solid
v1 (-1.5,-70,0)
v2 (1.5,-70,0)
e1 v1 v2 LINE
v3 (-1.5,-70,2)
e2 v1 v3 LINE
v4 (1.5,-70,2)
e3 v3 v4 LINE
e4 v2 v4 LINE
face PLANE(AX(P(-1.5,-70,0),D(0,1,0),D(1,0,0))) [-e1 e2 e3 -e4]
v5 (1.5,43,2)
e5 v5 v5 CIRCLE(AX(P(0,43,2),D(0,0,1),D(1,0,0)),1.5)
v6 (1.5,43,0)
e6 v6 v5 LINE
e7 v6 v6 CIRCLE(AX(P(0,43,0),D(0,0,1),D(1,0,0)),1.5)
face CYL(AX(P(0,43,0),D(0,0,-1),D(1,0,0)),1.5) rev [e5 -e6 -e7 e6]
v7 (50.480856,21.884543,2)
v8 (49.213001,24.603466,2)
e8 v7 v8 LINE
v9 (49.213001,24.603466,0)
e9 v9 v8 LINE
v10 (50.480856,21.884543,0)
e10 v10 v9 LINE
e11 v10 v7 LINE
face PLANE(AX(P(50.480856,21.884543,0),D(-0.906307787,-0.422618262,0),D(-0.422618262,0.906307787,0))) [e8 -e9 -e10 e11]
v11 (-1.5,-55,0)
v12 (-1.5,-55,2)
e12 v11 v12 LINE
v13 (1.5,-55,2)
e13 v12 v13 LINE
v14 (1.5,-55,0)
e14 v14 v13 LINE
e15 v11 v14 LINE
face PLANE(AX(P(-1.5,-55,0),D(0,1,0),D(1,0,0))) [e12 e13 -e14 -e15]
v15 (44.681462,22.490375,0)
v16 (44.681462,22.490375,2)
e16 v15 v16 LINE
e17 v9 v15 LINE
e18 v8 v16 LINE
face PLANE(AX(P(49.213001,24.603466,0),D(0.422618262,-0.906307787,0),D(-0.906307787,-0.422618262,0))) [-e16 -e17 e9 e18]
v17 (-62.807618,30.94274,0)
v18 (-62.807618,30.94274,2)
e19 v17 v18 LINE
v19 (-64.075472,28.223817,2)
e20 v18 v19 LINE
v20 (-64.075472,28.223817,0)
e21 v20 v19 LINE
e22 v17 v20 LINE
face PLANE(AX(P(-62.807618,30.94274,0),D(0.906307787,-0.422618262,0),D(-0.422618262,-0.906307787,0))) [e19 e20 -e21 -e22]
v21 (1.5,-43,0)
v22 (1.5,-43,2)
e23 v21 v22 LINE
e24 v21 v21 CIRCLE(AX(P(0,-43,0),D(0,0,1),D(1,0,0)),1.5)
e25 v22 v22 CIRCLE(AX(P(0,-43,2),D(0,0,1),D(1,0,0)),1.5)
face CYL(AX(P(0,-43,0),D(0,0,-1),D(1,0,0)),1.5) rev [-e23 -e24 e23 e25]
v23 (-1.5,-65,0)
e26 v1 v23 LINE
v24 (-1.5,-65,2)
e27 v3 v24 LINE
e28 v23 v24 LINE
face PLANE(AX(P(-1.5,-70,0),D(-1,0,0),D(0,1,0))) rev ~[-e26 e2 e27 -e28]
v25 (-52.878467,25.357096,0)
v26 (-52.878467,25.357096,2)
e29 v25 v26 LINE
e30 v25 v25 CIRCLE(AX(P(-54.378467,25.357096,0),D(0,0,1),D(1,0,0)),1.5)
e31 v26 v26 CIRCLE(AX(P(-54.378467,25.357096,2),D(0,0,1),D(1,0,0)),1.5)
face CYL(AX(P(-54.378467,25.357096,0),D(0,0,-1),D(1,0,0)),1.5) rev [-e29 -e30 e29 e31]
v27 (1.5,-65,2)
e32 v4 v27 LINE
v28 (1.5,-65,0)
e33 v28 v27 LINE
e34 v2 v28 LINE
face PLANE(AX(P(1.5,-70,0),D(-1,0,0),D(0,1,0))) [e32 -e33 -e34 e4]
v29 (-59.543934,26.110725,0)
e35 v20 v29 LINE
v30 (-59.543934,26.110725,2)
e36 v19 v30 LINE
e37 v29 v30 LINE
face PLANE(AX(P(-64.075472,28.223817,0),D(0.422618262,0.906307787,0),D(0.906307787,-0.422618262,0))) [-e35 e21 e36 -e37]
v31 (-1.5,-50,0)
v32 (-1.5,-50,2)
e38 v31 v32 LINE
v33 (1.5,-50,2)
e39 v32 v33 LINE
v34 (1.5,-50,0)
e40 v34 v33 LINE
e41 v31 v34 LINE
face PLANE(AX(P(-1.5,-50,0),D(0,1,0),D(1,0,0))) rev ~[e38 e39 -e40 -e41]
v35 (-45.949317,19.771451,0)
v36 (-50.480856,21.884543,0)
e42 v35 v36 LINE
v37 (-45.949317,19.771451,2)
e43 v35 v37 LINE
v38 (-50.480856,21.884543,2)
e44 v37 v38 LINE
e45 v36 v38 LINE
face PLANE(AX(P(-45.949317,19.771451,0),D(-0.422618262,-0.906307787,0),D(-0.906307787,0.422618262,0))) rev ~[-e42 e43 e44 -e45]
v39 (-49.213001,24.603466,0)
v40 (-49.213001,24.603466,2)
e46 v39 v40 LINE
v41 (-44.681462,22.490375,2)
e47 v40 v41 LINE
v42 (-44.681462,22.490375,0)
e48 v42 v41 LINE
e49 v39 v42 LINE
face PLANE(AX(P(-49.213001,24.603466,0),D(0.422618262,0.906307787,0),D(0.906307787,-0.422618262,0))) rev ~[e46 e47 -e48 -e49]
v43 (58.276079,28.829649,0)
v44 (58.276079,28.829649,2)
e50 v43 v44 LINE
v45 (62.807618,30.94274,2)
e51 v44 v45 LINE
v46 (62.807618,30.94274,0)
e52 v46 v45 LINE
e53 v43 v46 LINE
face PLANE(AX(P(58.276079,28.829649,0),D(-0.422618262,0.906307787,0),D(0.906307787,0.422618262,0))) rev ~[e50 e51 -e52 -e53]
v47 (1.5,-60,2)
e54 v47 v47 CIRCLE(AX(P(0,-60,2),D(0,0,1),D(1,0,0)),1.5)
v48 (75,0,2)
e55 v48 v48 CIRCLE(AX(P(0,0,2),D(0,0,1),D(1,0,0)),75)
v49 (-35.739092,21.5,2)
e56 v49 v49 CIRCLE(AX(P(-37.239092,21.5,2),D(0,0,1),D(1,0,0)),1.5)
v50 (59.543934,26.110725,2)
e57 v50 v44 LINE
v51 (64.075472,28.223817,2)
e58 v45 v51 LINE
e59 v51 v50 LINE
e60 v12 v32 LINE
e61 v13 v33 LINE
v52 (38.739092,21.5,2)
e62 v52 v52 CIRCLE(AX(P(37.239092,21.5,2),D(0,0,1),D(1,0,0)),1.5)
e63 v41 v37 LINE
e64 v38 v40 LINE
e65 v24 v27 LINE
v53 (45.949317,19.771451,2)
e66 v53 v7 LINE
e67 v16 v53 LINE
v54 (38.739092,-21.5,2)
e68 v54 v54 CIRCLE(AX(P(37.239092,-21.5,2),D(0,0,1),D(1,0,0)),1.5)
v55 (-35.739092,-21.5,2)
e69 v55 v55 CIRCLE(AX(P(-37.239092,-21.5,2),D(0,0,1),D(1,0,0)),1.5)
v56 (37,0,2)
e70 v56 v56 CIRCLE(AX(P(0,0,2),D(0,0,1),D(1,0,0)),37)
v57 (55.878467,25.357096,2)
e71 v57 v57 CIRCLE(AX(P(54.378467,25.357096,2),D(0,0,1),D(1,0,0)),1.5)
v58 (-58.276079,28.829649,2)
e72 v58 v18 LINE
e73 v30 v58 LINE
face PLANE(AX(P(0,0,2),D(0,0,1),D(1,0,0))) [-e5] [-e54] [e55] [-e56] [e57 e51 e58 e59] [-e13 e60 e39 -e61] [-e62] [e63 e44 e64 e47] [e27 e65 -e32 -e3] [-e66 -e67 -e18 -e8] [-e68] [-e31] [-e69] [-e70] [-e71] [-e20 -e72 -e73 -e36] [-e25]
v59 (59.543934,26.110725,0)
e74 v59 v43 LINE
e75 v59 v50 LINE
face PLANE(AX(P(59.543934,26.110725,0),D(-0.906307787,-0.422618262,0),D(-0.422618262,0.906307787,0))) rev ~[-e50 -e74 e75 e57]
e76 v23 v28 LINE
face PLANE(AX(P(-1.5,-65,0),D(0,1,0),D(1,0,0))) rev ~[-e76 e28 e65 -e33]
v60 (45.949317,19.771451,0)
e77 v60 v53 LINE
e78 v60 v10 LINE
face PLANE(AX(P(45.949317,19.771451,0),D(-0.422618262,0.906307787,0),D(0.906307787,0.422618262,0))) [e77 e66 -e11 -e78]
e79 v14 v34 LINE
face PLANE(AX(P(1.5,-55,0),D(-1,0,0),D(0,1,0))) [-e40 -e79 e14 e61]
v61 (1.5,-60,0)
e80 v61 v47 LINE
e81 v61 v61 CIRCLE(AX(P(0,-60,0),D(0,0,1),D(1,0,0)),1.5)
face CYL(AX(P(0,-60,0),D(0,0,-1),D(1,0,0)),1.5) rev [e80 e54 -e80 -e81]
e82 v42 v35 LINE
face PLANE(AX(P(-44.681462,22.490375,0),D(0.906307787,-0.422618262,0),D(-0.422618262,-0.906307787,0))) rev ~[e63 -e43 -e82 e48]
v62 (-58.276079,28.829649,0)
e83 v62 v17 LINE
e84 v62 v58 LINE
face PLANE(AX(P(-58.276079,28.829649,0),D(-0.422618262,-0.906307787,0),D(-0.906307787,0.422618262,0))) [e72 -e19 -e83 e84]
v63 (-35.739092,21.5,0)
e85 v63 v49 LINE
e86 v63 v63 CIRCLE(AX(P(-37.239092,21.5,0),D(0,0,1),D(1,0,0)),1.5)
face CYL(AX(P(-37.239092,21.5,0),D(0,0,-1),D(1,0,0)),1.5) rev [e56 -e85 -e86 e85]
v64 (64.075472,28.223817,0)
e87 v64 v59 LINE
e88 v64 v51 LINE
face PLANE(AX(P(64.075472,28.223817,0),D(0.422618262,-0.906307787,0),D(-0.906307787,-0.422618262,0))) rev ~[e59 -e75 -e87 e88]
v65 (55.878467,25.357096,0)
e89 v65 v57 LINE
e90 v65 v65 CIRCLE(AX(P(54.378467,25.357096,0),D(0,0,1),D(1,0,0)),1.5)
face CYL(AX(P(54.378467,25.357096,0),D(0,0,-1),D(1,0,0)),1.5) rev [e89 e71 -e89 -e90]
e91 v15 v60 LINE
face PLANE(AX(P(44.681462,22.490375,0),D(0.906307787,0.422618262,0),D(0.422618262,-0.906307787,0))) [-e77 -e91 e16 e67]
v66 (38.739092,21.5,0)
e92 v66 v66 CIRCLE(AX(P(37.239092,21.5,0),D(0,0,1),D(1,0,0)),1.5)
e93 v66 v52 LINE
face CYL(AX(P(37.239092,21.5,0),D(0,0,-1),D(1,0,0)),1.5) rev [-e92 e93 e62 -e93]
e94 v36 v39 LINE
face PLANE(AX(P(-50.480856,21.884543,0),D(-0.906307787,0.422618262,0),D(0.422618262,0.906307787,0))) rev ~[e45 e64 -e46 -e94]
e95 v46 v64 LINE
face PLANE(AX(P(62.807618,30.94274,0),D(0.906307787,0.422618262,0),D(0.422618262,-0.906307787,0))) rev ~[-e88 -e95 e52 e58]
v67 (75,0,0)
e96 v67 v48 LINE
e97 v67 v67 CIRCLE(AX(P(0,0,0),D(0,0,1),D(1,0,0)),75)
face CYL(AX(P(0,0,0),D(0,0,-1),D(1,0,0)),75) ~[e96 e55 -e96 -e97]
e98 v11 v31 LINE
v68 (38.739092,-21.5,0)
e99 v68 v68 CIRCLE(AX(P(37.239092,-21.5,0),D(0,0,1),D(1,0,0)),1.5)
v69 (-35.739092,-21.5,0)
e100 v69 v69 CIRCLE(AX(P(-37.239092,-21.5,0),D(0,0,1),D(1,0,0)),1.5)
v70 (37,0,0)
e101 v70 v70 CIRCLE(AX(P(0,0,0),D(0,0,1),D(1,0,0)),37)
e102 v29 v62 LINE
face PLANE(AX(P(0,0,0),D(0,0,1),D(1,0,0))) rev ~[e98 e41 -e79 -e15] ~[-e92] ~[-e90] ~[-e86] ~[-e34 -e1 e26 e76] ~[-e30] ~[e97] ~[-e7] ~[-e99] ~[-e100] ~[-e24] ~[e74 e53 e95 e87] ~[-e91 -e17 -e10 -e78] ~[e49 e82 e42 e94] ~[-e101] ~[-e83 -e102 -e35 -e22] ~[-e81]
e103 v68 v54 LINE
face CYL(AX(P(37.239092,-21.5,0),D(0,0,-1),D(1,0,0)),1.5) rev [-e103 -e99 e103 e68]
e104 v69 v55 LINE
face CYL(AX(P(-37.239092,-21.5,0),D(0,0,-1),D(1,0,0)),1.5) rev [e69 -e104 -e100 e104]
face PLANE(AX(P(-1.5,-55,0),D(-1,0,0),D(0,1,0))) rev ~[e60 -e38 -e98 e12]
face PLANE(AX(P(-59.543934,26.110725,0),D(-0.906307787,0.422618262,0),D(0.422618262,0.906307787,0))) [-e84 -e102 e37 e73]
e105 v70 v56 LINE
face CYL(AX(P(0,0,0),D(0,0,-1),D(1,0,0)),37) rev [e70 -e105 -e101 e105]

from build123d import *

# Parameters (mm, degrees)
SKETCH1_R           = 75
SKETCH1_R_2         = 37
SKETCH1_R_3         = 1.5
SKETCH1_W           = 3
SKETCH1_H           = 5
BOSS_EXTRUDE1_DEPTH = 2


with BuildPart() as part:
    # Sketch1 → Boss-Extrude1 (new body)
    with BuildSketch(Plane.XY):
        Circle(SKETCH1_R)
        Circle(SKETCH1_R_2, mode=Mode.SUBTRACT)
        with Locations((0, -43)):
            Circle(SKETCH1_R_3, mode=Mode.SUBTRACT)
        with Locations((-37.239092363, -21.5)):
            Circle(SKETCH1_R_3, mode=Mode.SUBTRACT)
        with Locations((-37.239092363, 21.5)):
            Circle(SKETCH1_R_3, mode=Mode.SUBTRACT)
        with Locations((0, 43)):
            Circle(SKETCH1_R_3, mode=Mode.SUBTRACT)
        with Locations((37.239092363, 21.5)):
            Circle(SKETCH1_R_3, mode=Mode.SUBTRACT)
        with Locations((37.239092363, -21.5)):
            Circle(SKETCH1_R_3, mode=Mode.SUBTRACT)
        with Locations((0, -60)):
            Circle(SKETCH1_R_3, mode=Mode.SUBTRACT)
        with Locations((54.378467222, 25.357095704)):
            Circle(SKETCH1_R_3, mode=Mode.SUBTRACT)
        with Locations((-54.378467222, 25.357095704)):
            Circle(SKETCH1_R_3, mode=Mode.SUBTRACT)
        with Locations((0, -52.5)):
            Rectangle(SKETCH1_W, SKETCH1_H, mode=Mode.SUBTRACT)
        with Locations((0, -67.5)):
            Rectangle(SKETCH1_W, SKETCH1_H, mode=Mode.SUBTRACT)
        Polygon((49.213000894, 24.603466076), (44.681461959, 22.490374768), (45.949316744, 19.771451406), (50.48085568, 21.884542715), align=None, mode=Mode.SUBTRACT)
        Polygon((58.276078765, 28.829648694), (62.8076177, 30.942740002), (64.075472485, 28.223816641), (59.54393355, 26.110725333), align=None, mode=Mode.SUBTRACT)
        Polygon((-58.276078765, 28.829648694), (-62.8076177, 30.942740002), (-64.075472485, 28.223816641), (-59.54393355, 26.110725333), align=None, mode=Mode.SUBTRACT)
        Polygon((-49.213000894, 24.603466076), (-44.681461959, 22.490374768), (-45.949316744, 19.771451406), (-50.48085568, 21.884542715), align=None, mode=Mode.SUBTRACT)
    extrude(amount=BOSS_EXTRUDE1_DEPTH)


solid = part.part
